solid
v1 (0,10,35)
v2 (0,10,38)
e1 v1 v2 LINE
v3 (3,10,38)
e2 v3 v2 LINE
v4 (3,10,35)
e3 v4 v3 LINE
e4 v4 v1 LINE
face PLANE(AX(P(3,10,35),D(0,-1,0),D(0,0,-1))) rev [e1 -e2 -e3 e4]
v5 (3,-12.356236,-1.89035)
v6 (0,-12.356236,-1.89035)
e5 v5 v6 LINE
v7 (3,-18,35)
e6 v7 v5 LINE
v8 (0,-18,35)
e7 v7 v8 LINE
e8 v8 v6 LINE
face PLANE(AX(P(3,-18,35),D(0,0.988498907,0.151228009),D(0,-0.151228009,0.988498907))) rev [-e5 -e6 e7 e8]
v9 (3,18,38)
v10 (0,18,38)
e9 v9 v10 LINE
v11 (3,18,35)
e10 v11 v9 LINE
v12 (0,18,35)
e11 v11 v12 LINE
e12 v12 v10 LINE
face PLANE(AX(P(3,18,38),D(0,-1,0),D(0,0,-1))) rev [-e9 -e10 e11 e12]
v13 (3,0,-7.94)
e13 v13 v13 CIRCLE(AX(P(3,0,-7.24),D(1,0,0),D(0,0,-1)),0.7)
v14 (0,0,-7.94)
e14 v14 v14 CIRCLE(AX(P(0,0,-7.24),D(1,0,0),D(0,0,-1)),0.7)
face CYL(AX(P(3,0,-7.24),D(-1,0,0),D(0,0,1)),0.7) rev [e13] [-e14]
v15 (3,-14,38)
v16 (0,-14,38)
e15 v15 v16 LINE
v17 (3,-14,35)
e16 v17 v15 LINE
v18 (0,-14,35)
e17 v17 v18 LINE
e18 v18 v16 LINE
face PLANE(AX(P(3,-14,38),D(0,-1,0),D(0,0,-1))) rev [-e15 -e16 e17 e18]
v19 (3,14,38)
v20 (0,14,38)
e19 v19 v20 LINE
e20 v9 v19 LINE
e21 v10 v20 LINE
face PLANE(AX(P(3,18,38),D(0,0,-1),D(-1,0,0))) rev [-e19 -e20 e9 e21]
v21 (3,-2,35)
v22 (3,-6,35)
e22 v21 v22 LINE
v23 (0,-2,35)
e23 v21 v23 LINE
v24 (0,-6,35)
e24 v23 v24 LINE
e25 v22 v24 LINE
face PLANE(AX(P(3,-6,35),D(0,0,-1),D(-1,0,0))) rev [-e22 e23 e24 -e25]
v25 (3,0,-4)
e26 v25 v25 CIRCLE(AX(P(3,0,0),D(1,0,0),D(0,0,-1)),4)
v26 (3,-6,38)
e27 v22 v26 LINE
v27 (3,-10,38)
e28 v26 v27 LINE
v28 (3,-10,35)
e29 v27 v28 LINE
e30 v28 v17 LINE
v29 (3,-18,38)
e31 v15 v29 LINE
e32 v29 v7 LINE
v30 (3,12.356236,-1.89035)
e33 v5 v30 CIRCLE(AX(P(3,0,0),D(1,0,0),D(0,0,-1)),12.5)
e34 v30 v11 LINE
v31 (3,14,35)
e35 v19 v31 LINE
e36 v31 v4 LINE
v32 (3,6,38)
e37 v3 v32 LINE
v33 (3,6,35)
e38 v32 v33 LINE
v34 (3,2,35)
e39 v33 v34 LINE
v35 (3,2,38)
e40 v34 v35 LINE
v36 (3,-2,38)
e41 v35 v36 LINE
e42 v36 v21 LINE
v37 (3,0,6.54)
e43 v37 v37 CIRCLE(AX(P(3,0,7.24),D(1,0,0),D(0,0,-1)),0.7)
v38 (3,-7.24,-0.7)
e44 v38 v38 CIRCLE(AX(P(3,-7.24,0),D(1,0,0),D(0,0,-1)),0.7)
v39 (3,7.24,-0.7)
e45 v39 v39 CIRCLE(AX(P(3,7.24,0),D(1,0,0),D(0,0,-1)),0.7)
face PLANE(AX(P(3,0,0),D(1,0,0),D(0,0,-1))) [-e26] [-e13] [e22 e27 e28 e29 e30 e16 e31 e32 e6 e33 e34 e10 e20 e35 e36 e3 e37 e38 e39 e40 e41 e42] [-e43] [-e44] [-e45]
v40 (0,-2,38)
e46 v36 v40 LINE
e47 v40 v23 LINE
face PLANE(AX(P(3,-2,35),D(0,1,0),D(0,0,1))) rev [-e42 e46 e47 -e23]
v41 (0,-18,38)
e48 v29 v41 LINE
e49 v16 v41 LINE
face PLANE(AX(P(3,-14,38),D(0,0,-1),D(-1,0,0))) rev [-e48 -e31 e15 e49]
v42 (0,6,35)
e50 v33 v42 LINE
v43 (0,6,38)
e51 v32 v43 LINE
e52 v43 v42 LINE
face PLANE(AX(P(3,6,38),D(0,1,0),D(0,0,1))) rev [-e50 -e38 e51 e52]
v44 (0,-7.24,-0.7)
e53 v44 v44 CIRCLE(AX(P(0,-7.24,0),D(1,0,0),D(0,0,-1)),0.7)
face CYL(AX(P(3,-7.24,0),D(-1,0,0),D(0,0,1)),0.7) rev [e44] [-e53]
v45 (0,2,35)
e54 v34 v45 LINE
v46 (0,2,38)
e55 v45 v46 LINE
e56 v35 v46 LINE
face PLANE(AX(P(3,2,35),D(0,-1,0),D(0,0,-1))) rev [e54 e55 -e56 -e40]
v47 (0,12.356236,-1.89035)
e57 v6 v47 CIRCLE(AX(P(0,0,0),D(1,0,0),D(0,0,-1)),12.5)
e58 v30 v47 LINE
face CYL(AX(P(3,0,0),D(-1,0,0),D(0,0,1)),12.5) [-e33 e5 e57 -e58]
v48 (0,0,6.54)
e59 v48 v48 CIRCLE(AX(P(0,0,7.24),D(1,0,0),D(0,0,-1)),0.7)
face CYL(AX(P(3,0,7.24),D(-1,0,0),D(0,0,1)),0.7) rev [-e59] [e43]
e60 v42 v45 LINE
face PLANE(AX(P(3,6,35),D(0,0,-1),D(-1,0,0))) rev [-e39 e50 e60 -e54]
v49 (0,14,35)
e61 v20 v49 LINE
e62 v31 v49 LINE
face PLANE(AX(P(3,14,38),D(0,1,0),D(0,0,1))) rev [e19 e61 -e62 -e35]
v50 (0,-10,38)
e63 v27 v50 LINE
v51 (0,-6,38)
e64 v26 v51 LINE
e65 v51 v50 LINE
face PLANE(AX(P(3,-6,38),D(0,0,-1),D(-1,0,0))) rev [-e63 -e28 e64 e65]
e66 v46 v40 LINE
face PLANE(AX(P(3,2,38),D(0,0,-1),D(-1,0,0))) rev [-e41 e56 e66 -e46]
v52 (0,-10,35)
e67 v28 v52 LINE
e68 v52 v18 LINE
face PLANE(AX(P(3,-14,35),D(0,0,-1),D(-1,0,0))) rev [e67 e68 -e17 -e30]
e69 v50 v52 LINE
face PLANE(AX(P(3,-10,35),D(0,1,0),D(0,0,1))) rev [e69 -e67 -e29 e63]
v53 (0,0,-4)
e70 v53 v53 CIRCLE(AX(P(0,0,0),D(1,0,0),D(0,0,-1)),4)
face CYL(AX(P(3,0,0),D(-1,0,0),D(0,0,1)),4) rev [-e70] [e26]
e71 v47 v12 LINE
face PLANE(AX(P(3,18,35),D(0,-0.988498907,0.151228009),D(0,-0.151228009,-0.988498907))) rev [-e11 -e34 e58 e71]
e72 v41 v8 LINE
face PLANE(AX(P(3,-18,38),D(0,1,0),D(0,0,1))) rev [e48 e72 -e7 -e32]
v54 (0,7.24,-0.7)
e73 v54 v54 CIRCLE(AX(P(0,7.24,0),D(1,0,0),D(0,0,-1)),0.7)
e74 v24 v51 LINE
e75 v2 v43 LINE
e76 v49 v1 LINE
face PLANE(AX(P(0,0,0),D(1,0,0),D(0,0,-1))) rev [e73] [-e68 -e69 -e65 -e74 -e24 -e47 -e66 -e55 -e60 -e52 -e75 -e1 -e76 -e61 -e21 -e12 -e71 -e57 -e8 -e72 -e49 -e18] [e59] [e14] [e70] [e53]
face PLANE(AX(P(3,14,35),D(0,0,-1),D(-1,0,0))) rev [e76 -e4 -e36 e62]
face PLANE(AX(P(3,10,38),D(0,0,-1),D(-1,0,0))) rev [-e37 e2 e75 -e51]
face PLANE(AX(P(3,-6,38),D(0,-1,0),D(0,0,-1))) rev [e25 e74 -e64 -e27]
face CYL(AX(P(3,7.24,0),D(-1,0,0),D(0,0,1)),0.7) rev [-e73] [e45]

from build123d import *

# Parameters (mm, degrees)
SKETCH1_R           = 4
SKETCH1_R_2         = 0.7
BOSS_EXTRUDE1_DEPTH = 3


with BuildPart() as part:
    # Sketch1 → Boss-Extrude1 (new body)
    with BuildSketch(Plane(origin=(0, 0, 0), x_dir=(0, 0, -1), z_dir=(1, 0, 0))):
        with BuildLine():
            Line((-38, 18), (-35, 18))
            Line((-35, 18), (1.890350117, 12.356236338))
            ThreePointArc((1.890350117, 12.356236338), (12.5, 0), (1.890350117, -12.356236338))
            Line((1.890350117, -12.356236338), (-35, -18))
            Line((-35, -18), (-38, -18))
            Line((-38, -18), (-38, -14))
            Line((-38, -14), (-35, -14))
            Line((-35, -14), (-35, -10))
            Line((-35, -10), (-38, -10))
            Line((-38, -10), (-38, -6))
            Line((-38, -6), (-35, -6))
            Line((-35, -6), (-35, -2))
            Line((-35, -2), (-38, -2))
            Line((-38, -2), (-38, 2))
            Line((-38, 2), (-35, 2))
            Line((-35, 2), (-35, 6))
            Line((-35, 6), (-38, 6))
            Line((-38, 6), (-38, 10))
            Line((-38, 10), (-35, 10))
            Line((-35, 10), (-35, 14))
            Line((-35, 14), (-38, 14))
            Line((-38, 14), (-38, 18))
        make_face()
        Circle(SKETCH1_R, mode=Mode.SUBTRACT)
        with Locations((-7.24, 0)):
            Circle(SKETCH1_R_2, mode=Mode.SUBTRACT)
        with Locations((0, 7.24)):
            Circle(SKETCH1_R_2, mode=Mode.SUBTRACT)
        with Locations((7.24, 0)):
            Circle(SKETCH1_R_2, mode=Mode.SUBTRACT)
        with Locations((0, -7.24)):
            Circle(SKETCH1_R_2, mode=Mode.SUBTRACT)
    extrude(amount=BOSS_EXTRUDE1_DEPTH)


solid = part.part
